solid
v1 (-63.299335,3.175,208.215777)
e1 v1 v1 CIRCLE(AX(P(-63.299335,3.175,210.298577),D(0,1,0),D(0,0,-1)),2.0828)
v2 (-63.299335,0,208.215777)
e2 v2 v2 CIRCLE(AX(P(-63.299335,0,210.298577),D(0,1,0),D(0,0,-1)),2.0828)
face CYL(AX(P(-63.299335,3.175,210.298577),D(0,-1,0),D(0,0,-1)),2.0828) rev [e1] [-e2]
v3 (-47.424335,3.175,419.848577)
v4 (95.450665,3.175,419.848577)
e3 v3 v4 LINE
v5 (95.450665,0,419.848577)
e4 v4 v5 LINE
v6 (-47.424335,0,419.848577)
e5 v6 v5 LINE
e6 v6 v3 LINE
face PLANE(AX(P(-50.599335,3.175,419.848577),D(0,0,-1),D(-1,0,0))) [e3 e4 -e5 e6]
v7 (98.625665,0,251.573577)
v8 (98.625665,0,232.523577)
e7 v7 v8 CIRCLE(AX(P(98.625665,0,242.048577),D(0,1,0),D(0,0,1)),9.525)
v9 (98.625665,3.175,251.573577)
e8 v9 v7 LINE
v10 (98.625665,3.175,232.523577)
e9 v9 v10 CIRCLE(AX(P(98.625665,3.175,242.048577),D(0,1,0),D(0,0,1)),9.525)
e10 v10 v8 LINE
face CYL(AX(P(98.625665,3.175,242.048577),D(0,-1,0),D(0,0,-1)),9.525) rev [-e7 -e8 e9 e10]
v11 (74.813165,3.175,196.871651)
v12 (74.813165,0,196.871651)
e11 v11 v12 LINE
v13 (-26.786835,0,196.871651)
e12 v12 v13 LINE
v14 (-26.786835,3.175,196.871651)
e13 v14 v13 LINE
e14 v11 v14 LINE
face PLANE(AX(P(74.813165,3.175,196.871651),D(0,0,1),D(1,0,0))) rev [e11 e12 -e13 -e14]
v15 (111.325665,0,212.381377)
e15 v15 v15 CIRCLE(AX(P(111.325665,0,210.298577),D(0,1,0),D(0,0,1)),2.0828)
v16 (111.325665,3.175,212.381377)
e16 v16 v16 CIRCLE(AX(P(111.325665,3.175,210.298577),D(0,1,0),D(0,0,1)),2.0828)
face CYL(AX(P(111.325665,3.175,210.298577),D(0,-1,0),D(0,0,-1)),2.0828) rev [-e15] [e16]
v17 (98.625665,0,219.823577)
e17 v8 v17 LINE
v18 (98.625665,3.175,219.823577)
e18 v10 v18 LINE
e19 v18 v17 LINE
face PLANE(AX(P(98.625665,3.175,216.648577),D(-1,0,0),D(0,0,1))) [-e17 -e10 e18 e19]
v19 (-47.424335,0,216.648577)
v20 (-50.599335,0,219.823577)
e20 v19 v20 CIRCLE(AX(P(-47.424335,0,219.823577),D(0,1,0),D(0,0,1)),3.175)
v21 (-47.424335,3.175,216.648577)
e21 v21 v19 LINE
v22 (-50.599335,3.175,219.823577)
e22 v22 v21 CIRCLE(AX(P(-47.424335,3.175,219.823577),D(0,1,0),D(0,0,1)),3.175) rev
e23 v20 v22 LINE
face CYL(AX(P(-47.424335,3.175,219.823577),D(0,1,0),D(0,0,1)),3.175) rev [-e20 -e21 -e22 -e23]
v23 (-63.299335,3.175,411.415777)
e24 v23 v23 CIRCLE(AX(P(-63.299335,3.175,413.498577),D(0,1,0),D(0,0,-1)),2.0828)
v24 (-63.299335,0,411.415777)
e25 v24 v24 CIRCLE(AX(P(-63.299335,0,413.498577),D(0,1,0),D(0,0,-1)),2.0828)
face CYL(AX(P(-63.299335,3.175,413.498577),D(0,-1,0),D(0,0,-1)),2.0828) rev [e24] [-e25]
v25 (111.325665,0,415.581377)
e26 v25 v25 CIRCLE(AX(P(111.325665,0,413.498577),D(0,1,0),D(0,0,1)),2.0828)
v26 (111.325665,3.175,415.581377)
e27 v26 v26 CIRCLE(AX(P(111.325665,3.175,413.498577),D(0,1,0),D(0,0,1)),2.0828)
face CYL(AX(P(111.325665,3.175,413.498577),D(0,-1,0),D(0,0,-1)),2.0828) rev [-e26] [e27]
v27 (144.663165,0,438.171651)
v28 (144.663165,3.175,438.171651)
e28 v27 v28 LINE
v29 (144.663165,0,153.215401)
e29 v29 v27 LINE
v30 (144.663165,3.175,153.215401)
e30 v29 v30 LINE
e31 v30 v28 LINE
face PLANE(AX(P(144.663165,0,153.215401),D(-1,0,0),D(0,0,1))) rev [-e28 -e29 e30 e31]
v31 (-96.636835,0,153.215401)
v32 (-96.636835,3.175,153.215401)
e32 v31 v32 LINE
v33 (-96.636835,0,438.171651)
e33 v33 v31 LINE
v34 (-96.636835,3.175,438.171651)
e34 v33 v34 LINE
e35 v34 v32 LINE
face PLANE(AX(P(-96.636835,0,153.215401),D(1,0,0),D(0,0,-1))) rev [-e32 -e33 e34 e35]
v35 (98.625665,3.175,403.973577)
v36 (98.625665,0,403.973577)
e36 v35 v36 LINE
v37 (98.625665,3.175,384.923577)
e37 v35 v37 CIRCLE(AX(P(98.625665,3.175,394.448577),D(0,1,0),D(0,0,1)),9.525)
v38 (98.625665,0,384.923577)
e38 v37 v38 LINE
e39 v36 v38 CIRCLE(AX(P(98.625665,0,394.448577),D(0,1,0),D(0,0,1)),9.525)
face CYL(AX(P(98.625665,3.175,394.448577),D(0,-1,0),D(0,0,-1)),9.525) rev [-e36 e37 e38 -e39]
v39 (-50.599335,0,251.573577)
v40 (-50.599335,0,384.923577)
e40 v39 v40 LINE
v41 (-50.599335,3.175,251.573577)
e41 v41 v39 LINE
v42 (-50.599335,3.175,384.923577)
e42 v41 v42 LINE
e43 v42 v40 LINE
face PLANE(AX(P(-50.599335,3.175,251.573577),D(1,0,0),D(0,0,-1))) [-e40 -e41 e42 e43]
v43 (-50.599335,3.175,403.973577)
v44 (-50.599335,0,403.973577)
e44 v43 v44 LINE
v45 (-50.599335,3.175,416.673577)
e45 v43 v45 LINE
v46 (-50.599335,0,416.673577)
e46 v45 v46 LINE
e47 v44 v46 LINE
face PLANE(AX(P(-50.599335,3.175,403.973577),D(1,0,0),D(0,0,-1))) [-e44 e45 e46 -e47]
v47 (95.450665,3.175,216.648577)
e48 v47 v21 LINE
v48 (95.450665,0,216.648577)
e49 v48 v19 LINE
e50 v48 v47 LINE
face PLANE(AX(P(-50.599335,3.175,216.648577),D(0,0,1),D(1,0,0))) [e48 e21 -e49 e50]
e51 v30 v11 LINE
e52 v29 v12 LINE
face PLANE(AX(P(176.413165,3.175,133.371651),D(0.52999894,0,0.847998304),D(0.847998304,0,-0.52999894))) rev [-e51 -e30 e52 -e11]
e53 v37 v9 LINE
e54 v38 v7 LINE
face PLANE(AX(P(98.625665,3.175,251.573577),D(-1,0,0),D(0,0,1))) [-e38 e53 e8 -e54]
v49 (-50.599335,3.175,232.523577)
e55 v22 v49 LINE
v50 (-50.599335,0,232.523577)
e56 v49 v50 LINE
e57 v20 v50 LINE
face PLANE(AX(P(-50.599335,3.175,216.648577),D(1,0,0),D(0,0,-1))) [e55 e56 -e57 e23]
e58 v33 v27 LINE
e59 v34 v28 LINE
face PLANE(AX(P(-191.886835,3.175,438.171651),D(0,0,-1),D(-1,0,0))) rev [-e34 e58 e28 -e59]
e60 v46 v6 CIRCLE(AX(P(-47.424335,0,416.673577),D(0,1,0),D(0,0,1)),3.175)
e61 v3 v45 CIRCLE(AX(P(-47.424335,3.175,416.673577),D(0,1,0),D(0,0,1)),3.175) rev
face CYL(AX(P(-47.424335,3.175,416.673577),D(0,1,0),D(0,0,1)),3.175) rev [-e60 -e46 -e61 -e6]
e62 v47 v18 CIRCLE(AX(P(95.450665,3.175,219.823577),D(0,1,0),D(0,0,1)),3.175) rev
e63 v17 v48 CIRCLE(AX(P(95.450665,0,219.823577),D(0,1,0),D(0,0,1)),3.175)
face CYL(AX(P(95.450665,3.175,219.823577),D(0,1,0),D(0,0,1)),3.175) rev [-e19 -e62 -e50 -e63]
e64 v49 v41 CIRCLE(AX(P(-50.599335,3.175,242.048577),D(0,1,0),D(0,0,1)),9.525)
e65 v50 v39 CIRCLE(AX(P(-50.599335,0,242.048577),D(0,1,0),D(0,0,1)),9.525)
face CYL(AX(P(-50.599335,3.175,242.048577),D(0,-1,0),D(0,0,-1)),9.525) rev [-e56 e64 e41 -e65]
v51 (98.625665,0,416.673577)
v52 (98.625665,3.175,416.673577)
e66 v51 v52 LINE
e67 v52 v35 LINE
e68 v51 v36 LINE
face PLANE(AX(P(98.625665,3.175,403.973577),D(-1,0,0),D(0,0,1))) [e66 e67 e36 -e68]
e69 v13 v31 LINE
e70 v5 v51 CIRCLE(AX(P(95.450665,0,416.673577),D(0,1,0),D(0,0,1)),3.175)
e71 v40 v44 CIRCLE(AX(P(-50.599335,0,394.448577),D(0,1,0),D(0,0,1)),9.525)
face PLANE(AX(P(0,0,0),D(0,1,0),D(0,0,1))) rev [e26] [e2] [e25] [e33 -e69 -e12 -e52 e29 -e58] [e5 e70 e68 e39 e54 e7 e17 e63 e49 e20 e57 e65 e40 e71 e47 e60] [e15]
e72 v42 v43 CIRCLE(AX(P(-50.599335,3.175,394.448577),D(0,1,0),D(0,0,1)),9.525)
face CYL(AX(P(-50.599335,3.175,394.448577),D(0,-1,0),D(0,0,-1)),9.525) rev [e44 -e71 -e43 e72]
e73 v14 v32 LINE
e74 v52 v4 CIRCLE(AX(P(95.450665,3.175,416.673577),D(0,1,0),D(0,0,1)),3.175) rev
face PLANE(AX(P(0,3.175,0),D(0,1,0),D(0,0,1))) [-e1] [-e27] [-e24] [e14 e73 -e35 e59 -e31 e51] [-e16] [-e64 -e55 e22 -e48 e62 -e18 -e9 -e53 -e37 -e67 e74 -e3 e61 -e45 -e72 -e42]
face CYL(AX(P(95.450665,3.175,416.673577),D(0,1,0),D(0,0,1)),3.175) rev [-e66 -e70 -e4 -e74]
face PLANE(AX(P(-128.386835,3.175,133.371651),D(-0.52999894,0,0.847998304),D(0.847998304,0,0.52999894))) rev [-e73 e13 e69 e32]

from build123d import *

# Parameters (mm, degrees)
SKETCH1_W           = 63.5
SKETCH1_H           = 190.5
BOSS_EXTRUDE1_DEPTH = 3.175
SKETCH3_R           = 2.0828
CUT_EXTRUDE2_DEPTH  = 526.850378691
SKETCH4_R           = 2.0828
CUT_EXTRUDE4_DEPTH  = 526.850378691
FILLET2_R           = 3.175
CUT_EXTRUDE5_DEPTH  = 526.850378691


with BuildPart() as part:
    # Sketch1 → Boss-Extrude1 (new body)
    with BuildSketch(Plane(origin=(0, 0, 0), x_dir=(1, 0, 0), z_dir=(0, 1, 0))):
        Polygon((-242.686835374, -133.432512515), (-242.686835374, -385.491221995), (-242.686835374, -387.371651362), (-191.886835374, -438.171651362), (239.913164626, -438.171651362), (290.713164626, -387.371651362), (290.713164626, -133.371651362), (176.413164626, -82.571651362), (176.413164626, -133.371651362), (74.813164626, -196.871651362), (-26.786835374, -196.871651362), (-128.386835374, -133.371651362), (-128.386835374, -82.571651362), (-242.686835374, -133.371651362), align=None)
        with Locations((233.563164626, -243.80020948)):
            Rectangle(SKETCH1_W, SKETCH1_H, mode=Mode.SUBTRACT)
        with Locations((-185.536835374, -243.80020948)):
            Rectangle(SKETCH1_W, SKETCH1_H, mode=Mode.SUBTRACT)
    extrude(amount=BOSS_EXTRUDE1_DEPTH)

    # Sketch3 → Cut-Extrude2 (cut, through all)
    with BuildSketch(Plane(origin=(0, 0, 0), x_dir=(1, 0, 0), z_dir=(0, 1, 0))):
        with Locations(Location((-114.278235374, -270.125471314, 0), (0, 0, 270))):
            Circle(SKETCH3_R)
        with Locations(Location((-143.449035374, -284.13540948, 0), (0, 0, 270))):
            Circle(SKETCH3_R)
        with Locations(Location((-114.278235374, -217.474947647, 0), (0, 0, 270))):
            Circle(SKETCH3_R)
        with Locations(Location((-143.449035374, -203.46500948, 0), (0, 0, 270))):
            Circle(SKETCH3_R)
        with Locations(Location((191.475364626, -284.13540948, 0), (0, 0, 270))):
            Circle(SKETCH3_R)
        with Locations(Location((162.304564626, -270.125471314, 0), (0, 0, 270))):
            Circle(SKETCH3_R)
        with Locations(Location((162.304564626, -217.474947647, 0), (0, 0, 270))):
            Circle(SKETCH3_R)
        with Locations(Location((191.475364626, -203.46500948, 0), (0, 0, 270))):
            Circle(SKETCH3_R)
    extrude(amount=CUT_EXTRUDE2_DEPTH, mode=Mode.SUBTRACT)

    # Sketch4 → Cut-Extrude4 (cut, through all)
    with BuildSketch(Plane(origin=(0, 0, 0), x_dir=(1, 0, 0), z_dir=(0, 1, 0))):
        with Locations(Location((111.325664626, -210.298576853, 0), (0, 0, 270))):
            Circle(SKETCH4_R)
        with Locations(Location((111.325664626, -413.498576853, 0), (0, 0, 270))):
            Circle(SKETCH4_R)
        with Locations(Location((-63.299335374, -413.498576853, 0), (0, 0, 90))):
            Circle(SKETCH4_R)
        with Locations(Location((-63.299335374, -210.298576853, 0), (0, 0, 90))):
            Circle(SKETCH4_R)
        with BuildLine():
            Line((-50.599335374, -216.648576853), (98.625664626, -216.648576853))
            Line((98.625664626, -216.648576853), (98.625664626, -232.523576853))
            ThreePointArc((98.625664626, -232.523576853), (108.150664626, -242.048576853), (98.625664626, -251.573576853))
            Line((98.625664626, -251.573576853), (98.625664626, -384.923576853))
            ThreePointArc((98.625664626, -384.923576853), (108.150664626, -394.448576853), (98.625664626, -403.973576853))
            Line((98.625664626, -403.973576853), (98.625664626, -419.848576853))
            Line((98.625664626, -419.848576853), (-50.599335374, -419.848576853))
            Line((-50.599335374, -419.848576853), (-50.599335374, -403.973576853))
            ThreePointArc((-50.599335374, -403.973576853), (-60.124335374, -394.448576853), (-50.599335374, -384.923576853))
            Line((-50.599335374, -384.923576853), (-50.599335374, -251.573576853))
            ThreePointArc((-50.599335374, -251.573576853), (-60.124335374, -242.048576853), (-50.599335374, -232.523576853))
            Line((-50.599335374, -232.523576853), (-50.599335374, -216.648576853))
        make_face()
    extrude(amount=CUT_EXTRUDE4_DEPTH, mode=Mode.SUBTRACT)

    # Fillet2
    fillet2_edges = [part.edges().sort_by_distance(p)[0] for p in [
        (98.625664626, 1.5875, 419.848576853),
        (98.625664626, 1.5875, 216.648576853),
        (-50.599335374, 1.5875, 216.648576853),
        (-50.599335374, 1.5875, 419.848576853),
    ]]
    fillet(fillet2_edges, radius=FILLET2_R)

    # Sketch6 → Cut-Extrude5 (cut, through all)
    with BuildSketch(Plane(origin=(0, 3.175, 0), x_dir=(1, 0, 0), z_dir=(0, 1, 0))):
        Polygon((-96.636835374, -438.171651362), (-191.886835374, -438.171651362), (-242.686835374, -387.371651362), (-242.686835374, -133.371651362), (-128.386835374, -82.571651362), (-128.386835374, -133.371651362), (-96.636835374, -153.215401362), align=None)
        Polygon((176.413164626, -133.371651362), (144.663164626, -153.215401362), (144.663164626, -438.171651362), (239.913164626, -438.171651362), (290.713164626, -387.371651362), (290.713164626, -133.371651362), (176.413164626, -82.571651362), align=None)
    extrude(amount=-CUT_EXTRUDE5_DEPTH, mode=Mode.SUBTRACT)


solid = part.part
